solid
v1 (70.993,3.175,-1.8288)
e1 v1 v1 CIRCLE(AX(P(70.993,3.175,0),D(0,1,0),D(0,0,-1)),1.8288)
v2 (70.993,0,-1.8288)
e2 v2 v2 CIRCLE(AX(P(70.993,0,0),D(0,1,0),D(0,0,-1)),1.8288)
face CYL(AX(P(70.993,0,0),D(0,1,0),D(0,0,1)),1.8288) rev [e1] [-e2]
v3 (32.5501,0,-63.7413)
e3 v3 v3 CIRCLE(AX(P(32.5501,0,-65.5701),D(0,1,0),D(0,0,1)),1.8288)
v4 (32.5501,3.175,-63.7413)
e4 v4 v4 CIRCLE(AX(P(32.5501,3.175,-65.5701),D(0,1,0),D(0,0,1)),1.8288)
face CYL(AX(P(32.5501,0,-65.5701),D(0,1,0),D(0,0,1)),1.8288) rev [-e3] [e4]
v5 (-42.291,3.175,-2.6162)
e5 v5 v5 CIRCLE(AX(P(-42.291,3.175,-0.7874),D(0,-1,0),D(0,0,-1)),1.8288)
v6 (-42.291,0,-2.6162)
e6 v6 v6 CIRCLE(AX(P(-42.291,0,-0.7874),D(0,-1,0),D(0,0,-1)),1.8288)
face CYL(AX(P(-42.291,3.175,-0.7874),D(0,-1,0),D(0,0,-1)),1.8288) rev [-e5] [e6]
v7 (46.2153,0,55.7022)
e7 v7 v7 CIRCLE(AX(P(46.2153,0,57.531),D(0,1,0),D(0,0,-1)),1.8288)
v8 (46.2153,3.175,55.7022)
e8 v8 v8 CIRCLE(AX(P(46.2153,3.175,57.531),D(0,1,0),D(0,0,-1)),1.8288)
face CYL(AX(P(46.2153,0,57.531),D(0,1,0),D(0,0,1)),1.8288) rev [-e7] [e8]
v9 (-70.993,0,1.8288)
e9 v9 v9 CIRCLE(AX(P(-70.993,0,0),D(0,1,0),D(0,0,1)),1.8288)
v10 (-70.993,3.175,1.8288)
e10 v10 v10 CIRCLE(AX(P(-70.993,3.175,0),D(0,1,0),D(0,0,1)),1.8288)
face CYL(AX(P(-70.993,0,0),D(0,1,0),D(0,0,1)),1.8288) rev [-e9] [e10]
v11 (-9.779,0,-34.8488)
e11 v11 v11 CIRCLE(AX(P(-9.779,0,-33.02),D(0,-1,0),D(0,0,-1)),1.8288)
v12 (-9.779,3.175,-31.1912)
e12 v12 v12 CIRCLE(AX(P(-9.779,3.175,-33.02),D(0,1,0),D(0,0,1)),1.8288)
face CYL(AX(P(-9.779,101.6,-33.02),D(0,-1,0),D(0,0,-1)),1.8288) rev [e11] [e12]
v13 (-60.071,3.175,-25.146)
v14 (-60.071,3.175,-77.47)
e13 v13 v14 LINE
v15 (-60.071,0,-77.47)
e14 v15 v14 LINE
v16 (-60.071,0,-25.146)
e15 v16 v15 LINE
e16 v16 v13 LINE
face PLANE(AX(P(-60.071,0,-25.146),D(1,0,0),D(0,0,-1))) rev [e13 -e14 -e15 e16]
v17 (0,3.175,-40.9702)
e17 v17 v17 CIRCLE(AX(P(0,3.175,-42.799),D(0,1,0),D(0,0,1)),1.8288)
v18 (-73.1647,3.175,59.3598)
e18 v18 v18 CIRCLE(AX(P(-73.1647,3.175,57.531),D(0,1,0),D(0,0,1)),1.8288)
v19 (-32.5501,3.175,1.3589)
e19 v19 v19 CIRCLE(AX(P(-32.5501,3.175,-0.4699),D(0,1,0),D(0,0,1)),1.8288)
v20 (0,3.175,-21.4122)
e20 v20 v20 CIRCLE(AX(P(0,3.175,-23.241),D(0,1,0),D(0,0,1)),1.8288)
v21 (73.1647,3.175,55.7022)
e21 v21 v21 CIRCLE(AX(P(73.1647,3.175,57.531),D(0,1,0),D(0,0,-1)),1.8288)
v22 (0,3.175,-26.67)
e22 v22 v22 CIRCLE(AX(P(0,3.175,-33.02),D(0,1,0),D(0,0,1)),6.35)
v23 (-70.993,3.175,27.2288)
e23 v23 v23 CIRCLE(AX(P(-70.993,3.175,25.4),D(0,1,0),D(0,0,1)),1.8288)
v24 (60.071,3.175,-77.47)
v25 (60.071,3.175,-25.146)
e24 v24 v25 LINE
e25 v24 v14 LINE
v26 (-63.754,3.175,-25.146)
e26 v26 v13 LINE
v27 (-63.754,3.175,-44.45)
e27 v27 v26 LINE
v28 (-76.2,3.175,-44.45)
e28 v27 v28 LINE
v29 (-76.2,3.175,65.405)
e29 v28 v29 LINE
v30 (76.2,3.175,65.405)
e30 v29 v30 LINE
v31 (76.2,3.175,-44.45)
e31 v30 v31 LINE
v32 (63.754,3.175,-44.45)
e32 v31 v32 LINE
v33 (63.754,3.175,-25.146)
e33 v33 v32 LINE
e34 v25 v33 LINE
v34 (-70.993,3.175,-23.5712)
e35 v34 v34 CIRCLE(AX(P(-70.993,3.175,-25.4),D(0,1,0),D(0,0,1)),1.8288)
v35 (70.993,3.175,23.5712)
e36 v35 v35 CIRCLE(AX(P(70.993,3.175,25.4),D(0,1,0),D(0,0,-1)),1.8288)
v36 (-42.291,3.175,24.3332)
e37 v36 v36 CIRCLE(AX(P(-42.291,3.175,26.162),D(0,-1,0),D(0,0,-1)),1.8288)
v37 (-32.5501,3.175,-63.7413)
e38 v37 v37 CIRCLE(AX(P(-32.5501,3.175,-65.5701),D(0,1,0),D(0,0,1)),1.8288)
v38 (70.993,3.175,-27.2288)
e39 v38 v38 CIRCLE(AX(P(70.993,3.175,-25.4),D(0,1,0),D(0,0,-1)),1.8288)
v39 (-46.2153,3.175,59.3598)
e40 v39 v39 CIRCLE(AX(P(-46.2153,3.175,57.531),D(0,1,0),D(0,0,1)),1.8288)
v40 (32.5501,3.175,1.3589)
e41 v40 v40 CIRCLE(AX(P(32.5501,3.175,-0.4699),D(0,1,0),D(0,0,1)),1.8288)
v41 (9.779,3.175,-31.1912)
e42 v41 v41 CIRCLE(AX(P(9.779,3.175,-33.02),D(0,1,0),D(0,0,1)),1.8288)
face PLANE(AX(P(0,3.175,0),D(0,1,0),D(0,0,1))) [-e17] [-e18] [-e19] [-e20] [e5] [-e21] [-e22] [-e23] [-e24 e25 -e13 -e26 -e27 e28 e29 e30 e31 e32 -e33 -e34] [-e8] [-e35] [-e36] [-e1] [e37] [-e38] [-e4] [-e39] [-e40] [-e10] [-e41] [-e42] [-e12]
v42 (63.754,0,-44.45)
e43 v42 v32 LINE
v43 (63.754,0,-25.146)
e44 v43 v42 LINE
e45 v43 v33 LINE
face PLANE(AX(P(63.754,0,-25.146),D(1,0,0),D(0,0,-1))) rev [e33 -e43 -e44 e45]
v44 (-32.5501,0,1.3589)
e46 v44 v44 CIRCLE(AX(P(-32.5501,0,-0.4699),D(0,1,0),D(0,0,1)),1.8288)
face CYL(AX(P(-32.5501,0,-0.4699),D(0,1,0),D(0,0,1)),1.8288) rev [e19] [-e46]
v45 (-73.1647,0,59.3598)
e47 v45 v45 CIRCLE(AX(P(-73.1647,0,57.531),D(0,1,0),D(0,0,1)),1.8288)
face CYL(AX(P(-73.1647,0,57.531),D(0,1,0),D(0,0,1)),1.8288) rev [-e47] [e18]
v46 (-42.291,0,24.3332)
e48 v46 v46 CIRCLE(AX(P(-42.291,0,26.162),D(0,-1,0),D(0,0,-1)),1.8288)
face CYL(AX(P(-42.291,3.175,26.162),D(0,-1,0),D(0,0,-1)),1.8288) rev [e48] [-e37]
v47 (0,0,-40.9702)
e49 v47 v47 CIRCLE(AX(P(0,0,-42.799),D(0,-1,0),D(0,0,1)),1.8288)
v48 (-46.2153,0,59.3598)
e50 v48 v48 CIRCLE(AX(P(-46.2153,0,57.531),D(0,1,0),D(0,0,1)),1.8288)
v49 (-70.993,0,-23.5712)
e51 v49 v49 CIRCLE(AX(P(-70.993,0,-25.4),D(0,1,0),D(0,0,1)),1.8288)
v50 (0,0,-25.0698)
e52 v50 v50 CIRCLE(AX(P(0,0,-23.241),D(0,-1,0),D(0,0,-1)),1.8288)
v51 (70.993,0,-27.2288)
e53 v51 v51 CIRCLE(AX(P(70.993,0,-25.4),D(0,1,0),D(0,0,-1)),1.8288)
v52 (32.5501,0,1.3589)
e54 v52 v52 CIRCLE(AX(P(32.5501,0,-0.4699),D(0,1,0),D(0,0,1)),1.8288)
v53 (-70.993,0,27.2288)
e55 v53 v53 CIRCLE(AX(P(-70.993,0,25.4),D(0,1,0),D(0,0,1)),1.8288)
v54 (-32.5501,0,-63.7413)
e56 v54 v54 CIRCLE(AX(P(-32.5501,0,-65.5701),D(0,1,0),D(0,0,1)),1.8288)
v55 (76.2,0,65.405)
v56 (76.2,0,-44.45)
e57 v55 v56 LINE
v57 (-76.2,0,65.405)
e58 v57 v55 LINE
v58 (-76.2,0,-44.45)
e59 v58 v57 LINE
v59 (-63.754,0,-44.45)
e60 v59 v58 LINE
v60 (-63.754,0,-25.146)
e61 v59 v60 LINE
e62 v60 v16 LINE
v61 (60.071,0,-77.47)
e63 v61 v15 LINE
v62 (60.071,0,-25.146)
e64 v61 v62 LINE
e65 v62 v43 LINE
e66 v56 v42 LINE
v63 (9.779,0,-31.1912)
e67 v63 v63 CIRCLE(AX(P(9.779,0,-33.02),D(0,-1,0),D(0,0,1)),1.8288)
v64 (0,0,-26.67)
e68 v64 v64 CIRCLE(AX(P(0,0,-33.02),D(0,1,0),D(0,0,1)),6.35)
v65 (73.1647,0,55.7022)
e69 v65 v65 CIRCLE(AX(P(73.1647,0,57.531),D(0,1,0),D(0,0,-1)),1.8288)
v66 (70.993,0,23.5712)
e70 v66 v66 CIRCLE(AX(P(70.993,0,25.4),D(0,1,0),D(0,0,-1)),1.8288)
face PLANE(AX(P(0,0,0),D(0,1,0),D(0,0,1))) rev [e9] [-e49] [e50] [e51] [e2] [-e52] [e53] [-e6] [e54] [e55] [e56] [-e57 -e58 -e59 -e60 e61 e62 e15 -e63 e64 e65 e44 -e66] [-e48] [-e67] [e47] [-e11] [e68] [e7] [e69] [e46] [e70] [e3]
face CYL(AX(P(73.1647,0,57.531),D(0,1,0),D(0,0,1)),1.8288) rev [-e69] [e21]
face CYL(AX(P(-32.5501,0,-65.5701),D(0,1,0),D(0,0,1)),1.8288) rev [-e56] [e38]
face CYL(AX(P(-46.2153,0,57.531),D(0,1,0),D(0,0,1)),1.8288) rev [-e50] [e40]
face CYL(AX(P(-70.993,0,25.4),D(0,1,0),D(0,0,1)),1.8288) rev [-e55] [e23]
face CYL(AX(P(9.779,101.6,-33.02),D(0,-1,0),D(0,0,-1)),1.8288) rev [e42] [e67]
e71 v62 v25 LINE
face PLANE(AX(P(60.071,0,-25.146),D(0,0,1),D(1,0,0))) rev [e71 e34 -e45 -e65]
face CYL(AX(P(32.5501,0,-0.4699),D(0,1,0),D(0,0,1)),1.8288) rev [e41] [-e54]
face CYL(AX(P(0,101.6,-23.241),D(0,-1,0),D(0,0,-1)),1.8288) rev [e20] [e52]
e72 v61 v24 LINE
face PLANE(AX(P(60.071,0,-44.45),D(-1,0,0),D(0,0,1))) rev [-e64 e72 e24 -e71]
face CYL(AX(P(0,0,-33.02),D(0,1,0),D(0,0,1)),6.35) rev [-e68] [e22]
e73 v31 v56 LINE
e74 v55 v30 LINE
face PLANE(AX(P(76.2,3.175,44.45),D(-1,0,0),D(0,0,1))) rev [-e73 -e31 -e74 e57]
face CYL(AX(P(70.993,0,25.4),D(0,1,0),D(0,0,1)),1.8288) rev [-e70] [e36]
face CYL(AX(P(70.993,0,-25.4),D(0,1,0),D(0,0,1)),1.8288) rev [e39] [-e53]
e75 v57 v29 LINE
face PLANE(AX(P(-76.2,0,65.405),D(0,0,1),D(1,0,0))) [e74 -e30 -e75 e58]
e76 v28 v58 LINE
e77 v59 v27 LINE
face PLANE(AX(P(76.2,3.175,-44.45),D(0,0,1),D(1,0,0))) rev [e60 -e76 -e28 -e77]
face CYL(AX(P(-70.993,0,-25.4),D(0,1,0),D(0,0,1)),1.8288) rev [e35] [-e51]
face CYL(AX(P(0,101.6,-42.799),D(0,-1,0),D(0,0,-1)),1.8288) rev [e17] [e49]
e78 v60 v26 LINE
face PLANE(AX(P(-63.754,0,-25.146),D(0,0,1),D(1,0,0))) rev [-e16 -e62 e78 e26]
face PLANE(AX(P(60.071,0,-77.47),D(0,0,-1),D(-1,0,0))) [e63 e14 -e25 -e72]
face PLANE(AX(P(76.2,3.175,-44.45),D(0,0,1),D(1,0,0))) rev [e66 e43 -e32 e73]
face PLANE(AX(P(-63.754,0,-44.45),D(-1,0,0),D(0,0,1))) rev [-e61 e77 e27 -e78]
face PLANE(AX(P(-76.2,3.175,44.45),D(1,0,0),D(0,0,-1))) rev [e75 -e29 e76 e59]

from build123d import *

# Parameters (mm, degrees)
SKETCH1_W           = 152.4
SKETCH1_H           = 88.9
BOSS_EXTRUDE1_DEPTH = 3.175
SKETCH2_W           = 3.175
SKETCH2_H           = 44.45
CUT_EXTRUDE1_DEPTH  = 4.175
SKETCH3_R           = 1.8288
CUT_EXTRUDE2_DEPTH  = 4.175
SKETCH6_W           = 3.175
SKETCH6_H           = 25.4
BOSS_EXTRUDE2_DEPTH = 3.175
CUT_EXTRUDE3_DEPTH  = 4.175
CUT_EXTRUDE4_DEPTH  = 4.175
SKETCH9_W           = 152.4
SKETCH9_H           = 20.955
BOSS_EXTRUDE3_DEPTH = 3.175
SKETCH10_R          = 1.8288
CUT_EXTRUDE5_DEPTH  = 4.175
SKETCH11_W          = 120.142
SKETCH11_H          = 88.9
BOSS_EXTRUDE4_DEPTH = 3.175
SKETCH12_R          = 6.35
CUT_EXTRUDE6_DEPTH  = 4.175
SKETCH13_R          = 1.8288
CUT_EXTRUDE7_DEPTH  = 4.175
SKETCH14_R          = 1.8288
CUT_EXTRUDE8_DEPTH  = 101.6
SKETCH15_R          = 1.8288
CUT_EXTRUDE9_DEPTH  = 4.175


with BuildPart() as part:
    # Sketch1 → Boss-Extrude1 (new body)
    with BuildSketch(Plane(origin=(0, 0, 0), x_dir=(1, 0, 0), z_dir=(0, 1, 0))):
        Rectangle(SKETCH1_W, SKETCH1_H)
    extrude(amount=BOSS_EXTRUDE1_DEPTH)

    # Sketch2 → Cut-Extrude1 (cut, through all)
    with BuildSketch(Plane(origin=(0, 3.175, 0), x_dir=(1, 0, 0), z_dir=(0, 1, 0))):
        with Locations((61.9125, 22.225)):
            Rectangle(SKETCH2_W, SKETCH2_H)
        with Locations((-61.9125, 22.225)):
            Rectangle(SKETCH2_W, SKETCH2_H)
    extrude(amount=-CUT_EXTRUDE1_DEPTH, mode=Mode.SUBTRACT)

    # Sketch3 → Cut-Extrude2 (cut, through all)
    with BuildSketch(Plane(origin=(0, 3.175, 0), x_dir=(1, 0, 0), z_dir=(0, 1, 0))):
        with Locations((-70.993, -25.4)):
            Circle(SKETCH3_R)
        with Locations((-70.993, 0)):
            Circle(SKETCH3_R)
        with Locations((-70.993, 25.4)):
            Circle(SKETCH3_R)
        with Locations((70.993, -25.4)):
            Circle(SKETCH3_R)
        with Locations((70.993, 0)):
            Circle(SKETCH3_R)
        with Locations((70.993, 25.4)):
            Circle(SKETCH3_R)
    extrude(amount=-CUT_EXTRUDE2_DEPTH, mode=Mode.SUBTRACT)

    # Sketch6 → Boss-Extrude2 (add)
    with BuildSketch(Plane(origin=(0, 3.175, 0), x_dir=(1, 0, 0), z_dir=(0, 1, 0))):
        with Locations((-61.9125, 12.7)):
            Rectangle(SKETCH6_W, SKETCH6_H)
        with Locations((61.9125, 12.7)):
            Rectangle(SKETCH6_W, SKETCH6_H)
    extrude(amount=-BOSS_EXTRUDE2_DEPTH)

    # Sketch7 → Cut-Extrude3 (cut, through all)
    with BuildSketch(Plane(origin=(0, 3.175, 0), x_dir=(1, 0, 0), z_dir=(0, 1, 0))):
        Polygon((-63.754, 44.45), (-63.5, 44.45), (-63.5, 25.4), (-60.325, 25.4), (-60.325, 44.45), (-60.071, 44.45), (-60.071, 25.146), (-63.754, 25.146), align=None)
    extrude(amount=-CUT_EXTRUDE3_DEPTH, mode=Mode.SUBTRACT)

    # Sketch8 → Cut-Extrude4 (cut, through all)
    with BuildSketch(Plane(origin=(0, 3.175, 0), x_dir=(1, 0, 0), z_dir=(0, 1, 0))):
        Polygon((60.071, 44.45), (60.325, 44.45), (60.325, 25.4), (63.5, 25.4), (63.5, 44.45), (63.754, 44.45), (63.754, 25.146), (60.071, 25.146), align=None)
    extrude(amount=-CUT_EXTRUDE4_DEPTH, mode=Mode.SUBTRACT)

    # Sketch9 → Boss-Extrude3 (add)
    with BuildSketch(Plane(origin=(0, 3.175, 0), x_dir=(1, 0, 0), z_dir=(0, 1, 0))):
        with Locations((0, -54.9275)):
            Rectangle(SKETCH9_W, SKETCH9_H)
    extrude(amount=-BOSS_EXTRUDE3_DEPTH)

    # Sketch10 → Cut-Extrude5 (cut, through all)
    with BuildSketch(Plane(origin=(0, 3.175, 0), x_dir=(1, 0, 0), z_dir=(0, 1, 0))):
        with Locations((-73.1647, -57.531)):
            Circle(SKETCH10_R)
        with Locations((-46.2153, -57.531)):
            Circle(SKETCH10_R)
        with Locations((46.2153, -57.531)):
            Circle(SKETCH10_R)
        with Locations((73.1647, -57.531)):
            Circle(SKETCH10_R)
    extrude(amount=-CUT_EXTRUDE5_DEPTH, mode=Mode.SUBTRACT)

    # Sketch11 → Boss-Extrude4 (add)
    with BuildSketch(Plane(origin=(0, 3.175, 0), x_dir=(1, 0, 0), z_dir=(0, 1, 0))):
        with Locations((0, 33.02)):
            Rectangle(SKETCH11_W, SKETCH11_H)
    extrude(amount=-BOSS_EXTRUDE4_DEPTH)

    # Sketch12 → Cut-Extrude6 (cut, through all)
    with BuildSketch(Plane(origin=(0, 3.175, 0), x_dir=(1, 0, 0), z_dir=(0, 1, 0))):
        with Locations((0, 33.02)):
            Circle(SKETCH12_R)
    extrude(amount=-CUT_EXTRUDE6_DEPTH, mode=Mode.SUBTRACT)

    # Sketch13 → Cut-Extrude7 (cut, through all)
    with BuildSketch(Plane(origin=(0, 3.175, 0), x_dir=(1, 0, 0), z_dir=(0, 1, 0))):
        with Locations((32.5501, 0.4699)):
            Circle(SKETCH13_R)
        with Locations((-32.5501, 0.4699)):
            Circle(SKETCH13_R)
        with Locations((-32.5501, 65.5701)):
            Circle(SKETCH13_R)
        with Locations((32.5501, 65.5701)):
            Circle(SKETCH13_R)
    extrude(amount=-CUT_EXTRUDE7_DEPTH, mode=Mode.SUBTRACT)

    # Sketch14 → Cut-Extrude8 (cut)
    with BuildSketch(Plane.XZ):
        with Locations((0, -23.241)):
            Circle(SKETCH14_R)
        with Locations((-9.779, -33.02)):
            Circle(SKETCH14_R)
        with Locations((0, -42.799)):
            Circle(SKETCH14_R)
        with Locations((9.779, -33.02)):
            Circle(SKETCH14_R)
    extrude(amount=-CUT_EXTRUDE8_DEPTH, mode=Mode.SUBTRACT)

    # Sketch15 → Cut-Extrude9 (cut, through all)
    with BuildSketch(Plane.XZ):
        with Locations((-42.291, 26.162)):
            Circle(SKETCH15_R)
        with Locations((-42.291, -0.7874)):
            Circle(SKETCH15_R)
    extrude(amount=-CUT_EXTRUDE9_DEPTH, mode=Mode.SUBTRACT)


solid = part.part
